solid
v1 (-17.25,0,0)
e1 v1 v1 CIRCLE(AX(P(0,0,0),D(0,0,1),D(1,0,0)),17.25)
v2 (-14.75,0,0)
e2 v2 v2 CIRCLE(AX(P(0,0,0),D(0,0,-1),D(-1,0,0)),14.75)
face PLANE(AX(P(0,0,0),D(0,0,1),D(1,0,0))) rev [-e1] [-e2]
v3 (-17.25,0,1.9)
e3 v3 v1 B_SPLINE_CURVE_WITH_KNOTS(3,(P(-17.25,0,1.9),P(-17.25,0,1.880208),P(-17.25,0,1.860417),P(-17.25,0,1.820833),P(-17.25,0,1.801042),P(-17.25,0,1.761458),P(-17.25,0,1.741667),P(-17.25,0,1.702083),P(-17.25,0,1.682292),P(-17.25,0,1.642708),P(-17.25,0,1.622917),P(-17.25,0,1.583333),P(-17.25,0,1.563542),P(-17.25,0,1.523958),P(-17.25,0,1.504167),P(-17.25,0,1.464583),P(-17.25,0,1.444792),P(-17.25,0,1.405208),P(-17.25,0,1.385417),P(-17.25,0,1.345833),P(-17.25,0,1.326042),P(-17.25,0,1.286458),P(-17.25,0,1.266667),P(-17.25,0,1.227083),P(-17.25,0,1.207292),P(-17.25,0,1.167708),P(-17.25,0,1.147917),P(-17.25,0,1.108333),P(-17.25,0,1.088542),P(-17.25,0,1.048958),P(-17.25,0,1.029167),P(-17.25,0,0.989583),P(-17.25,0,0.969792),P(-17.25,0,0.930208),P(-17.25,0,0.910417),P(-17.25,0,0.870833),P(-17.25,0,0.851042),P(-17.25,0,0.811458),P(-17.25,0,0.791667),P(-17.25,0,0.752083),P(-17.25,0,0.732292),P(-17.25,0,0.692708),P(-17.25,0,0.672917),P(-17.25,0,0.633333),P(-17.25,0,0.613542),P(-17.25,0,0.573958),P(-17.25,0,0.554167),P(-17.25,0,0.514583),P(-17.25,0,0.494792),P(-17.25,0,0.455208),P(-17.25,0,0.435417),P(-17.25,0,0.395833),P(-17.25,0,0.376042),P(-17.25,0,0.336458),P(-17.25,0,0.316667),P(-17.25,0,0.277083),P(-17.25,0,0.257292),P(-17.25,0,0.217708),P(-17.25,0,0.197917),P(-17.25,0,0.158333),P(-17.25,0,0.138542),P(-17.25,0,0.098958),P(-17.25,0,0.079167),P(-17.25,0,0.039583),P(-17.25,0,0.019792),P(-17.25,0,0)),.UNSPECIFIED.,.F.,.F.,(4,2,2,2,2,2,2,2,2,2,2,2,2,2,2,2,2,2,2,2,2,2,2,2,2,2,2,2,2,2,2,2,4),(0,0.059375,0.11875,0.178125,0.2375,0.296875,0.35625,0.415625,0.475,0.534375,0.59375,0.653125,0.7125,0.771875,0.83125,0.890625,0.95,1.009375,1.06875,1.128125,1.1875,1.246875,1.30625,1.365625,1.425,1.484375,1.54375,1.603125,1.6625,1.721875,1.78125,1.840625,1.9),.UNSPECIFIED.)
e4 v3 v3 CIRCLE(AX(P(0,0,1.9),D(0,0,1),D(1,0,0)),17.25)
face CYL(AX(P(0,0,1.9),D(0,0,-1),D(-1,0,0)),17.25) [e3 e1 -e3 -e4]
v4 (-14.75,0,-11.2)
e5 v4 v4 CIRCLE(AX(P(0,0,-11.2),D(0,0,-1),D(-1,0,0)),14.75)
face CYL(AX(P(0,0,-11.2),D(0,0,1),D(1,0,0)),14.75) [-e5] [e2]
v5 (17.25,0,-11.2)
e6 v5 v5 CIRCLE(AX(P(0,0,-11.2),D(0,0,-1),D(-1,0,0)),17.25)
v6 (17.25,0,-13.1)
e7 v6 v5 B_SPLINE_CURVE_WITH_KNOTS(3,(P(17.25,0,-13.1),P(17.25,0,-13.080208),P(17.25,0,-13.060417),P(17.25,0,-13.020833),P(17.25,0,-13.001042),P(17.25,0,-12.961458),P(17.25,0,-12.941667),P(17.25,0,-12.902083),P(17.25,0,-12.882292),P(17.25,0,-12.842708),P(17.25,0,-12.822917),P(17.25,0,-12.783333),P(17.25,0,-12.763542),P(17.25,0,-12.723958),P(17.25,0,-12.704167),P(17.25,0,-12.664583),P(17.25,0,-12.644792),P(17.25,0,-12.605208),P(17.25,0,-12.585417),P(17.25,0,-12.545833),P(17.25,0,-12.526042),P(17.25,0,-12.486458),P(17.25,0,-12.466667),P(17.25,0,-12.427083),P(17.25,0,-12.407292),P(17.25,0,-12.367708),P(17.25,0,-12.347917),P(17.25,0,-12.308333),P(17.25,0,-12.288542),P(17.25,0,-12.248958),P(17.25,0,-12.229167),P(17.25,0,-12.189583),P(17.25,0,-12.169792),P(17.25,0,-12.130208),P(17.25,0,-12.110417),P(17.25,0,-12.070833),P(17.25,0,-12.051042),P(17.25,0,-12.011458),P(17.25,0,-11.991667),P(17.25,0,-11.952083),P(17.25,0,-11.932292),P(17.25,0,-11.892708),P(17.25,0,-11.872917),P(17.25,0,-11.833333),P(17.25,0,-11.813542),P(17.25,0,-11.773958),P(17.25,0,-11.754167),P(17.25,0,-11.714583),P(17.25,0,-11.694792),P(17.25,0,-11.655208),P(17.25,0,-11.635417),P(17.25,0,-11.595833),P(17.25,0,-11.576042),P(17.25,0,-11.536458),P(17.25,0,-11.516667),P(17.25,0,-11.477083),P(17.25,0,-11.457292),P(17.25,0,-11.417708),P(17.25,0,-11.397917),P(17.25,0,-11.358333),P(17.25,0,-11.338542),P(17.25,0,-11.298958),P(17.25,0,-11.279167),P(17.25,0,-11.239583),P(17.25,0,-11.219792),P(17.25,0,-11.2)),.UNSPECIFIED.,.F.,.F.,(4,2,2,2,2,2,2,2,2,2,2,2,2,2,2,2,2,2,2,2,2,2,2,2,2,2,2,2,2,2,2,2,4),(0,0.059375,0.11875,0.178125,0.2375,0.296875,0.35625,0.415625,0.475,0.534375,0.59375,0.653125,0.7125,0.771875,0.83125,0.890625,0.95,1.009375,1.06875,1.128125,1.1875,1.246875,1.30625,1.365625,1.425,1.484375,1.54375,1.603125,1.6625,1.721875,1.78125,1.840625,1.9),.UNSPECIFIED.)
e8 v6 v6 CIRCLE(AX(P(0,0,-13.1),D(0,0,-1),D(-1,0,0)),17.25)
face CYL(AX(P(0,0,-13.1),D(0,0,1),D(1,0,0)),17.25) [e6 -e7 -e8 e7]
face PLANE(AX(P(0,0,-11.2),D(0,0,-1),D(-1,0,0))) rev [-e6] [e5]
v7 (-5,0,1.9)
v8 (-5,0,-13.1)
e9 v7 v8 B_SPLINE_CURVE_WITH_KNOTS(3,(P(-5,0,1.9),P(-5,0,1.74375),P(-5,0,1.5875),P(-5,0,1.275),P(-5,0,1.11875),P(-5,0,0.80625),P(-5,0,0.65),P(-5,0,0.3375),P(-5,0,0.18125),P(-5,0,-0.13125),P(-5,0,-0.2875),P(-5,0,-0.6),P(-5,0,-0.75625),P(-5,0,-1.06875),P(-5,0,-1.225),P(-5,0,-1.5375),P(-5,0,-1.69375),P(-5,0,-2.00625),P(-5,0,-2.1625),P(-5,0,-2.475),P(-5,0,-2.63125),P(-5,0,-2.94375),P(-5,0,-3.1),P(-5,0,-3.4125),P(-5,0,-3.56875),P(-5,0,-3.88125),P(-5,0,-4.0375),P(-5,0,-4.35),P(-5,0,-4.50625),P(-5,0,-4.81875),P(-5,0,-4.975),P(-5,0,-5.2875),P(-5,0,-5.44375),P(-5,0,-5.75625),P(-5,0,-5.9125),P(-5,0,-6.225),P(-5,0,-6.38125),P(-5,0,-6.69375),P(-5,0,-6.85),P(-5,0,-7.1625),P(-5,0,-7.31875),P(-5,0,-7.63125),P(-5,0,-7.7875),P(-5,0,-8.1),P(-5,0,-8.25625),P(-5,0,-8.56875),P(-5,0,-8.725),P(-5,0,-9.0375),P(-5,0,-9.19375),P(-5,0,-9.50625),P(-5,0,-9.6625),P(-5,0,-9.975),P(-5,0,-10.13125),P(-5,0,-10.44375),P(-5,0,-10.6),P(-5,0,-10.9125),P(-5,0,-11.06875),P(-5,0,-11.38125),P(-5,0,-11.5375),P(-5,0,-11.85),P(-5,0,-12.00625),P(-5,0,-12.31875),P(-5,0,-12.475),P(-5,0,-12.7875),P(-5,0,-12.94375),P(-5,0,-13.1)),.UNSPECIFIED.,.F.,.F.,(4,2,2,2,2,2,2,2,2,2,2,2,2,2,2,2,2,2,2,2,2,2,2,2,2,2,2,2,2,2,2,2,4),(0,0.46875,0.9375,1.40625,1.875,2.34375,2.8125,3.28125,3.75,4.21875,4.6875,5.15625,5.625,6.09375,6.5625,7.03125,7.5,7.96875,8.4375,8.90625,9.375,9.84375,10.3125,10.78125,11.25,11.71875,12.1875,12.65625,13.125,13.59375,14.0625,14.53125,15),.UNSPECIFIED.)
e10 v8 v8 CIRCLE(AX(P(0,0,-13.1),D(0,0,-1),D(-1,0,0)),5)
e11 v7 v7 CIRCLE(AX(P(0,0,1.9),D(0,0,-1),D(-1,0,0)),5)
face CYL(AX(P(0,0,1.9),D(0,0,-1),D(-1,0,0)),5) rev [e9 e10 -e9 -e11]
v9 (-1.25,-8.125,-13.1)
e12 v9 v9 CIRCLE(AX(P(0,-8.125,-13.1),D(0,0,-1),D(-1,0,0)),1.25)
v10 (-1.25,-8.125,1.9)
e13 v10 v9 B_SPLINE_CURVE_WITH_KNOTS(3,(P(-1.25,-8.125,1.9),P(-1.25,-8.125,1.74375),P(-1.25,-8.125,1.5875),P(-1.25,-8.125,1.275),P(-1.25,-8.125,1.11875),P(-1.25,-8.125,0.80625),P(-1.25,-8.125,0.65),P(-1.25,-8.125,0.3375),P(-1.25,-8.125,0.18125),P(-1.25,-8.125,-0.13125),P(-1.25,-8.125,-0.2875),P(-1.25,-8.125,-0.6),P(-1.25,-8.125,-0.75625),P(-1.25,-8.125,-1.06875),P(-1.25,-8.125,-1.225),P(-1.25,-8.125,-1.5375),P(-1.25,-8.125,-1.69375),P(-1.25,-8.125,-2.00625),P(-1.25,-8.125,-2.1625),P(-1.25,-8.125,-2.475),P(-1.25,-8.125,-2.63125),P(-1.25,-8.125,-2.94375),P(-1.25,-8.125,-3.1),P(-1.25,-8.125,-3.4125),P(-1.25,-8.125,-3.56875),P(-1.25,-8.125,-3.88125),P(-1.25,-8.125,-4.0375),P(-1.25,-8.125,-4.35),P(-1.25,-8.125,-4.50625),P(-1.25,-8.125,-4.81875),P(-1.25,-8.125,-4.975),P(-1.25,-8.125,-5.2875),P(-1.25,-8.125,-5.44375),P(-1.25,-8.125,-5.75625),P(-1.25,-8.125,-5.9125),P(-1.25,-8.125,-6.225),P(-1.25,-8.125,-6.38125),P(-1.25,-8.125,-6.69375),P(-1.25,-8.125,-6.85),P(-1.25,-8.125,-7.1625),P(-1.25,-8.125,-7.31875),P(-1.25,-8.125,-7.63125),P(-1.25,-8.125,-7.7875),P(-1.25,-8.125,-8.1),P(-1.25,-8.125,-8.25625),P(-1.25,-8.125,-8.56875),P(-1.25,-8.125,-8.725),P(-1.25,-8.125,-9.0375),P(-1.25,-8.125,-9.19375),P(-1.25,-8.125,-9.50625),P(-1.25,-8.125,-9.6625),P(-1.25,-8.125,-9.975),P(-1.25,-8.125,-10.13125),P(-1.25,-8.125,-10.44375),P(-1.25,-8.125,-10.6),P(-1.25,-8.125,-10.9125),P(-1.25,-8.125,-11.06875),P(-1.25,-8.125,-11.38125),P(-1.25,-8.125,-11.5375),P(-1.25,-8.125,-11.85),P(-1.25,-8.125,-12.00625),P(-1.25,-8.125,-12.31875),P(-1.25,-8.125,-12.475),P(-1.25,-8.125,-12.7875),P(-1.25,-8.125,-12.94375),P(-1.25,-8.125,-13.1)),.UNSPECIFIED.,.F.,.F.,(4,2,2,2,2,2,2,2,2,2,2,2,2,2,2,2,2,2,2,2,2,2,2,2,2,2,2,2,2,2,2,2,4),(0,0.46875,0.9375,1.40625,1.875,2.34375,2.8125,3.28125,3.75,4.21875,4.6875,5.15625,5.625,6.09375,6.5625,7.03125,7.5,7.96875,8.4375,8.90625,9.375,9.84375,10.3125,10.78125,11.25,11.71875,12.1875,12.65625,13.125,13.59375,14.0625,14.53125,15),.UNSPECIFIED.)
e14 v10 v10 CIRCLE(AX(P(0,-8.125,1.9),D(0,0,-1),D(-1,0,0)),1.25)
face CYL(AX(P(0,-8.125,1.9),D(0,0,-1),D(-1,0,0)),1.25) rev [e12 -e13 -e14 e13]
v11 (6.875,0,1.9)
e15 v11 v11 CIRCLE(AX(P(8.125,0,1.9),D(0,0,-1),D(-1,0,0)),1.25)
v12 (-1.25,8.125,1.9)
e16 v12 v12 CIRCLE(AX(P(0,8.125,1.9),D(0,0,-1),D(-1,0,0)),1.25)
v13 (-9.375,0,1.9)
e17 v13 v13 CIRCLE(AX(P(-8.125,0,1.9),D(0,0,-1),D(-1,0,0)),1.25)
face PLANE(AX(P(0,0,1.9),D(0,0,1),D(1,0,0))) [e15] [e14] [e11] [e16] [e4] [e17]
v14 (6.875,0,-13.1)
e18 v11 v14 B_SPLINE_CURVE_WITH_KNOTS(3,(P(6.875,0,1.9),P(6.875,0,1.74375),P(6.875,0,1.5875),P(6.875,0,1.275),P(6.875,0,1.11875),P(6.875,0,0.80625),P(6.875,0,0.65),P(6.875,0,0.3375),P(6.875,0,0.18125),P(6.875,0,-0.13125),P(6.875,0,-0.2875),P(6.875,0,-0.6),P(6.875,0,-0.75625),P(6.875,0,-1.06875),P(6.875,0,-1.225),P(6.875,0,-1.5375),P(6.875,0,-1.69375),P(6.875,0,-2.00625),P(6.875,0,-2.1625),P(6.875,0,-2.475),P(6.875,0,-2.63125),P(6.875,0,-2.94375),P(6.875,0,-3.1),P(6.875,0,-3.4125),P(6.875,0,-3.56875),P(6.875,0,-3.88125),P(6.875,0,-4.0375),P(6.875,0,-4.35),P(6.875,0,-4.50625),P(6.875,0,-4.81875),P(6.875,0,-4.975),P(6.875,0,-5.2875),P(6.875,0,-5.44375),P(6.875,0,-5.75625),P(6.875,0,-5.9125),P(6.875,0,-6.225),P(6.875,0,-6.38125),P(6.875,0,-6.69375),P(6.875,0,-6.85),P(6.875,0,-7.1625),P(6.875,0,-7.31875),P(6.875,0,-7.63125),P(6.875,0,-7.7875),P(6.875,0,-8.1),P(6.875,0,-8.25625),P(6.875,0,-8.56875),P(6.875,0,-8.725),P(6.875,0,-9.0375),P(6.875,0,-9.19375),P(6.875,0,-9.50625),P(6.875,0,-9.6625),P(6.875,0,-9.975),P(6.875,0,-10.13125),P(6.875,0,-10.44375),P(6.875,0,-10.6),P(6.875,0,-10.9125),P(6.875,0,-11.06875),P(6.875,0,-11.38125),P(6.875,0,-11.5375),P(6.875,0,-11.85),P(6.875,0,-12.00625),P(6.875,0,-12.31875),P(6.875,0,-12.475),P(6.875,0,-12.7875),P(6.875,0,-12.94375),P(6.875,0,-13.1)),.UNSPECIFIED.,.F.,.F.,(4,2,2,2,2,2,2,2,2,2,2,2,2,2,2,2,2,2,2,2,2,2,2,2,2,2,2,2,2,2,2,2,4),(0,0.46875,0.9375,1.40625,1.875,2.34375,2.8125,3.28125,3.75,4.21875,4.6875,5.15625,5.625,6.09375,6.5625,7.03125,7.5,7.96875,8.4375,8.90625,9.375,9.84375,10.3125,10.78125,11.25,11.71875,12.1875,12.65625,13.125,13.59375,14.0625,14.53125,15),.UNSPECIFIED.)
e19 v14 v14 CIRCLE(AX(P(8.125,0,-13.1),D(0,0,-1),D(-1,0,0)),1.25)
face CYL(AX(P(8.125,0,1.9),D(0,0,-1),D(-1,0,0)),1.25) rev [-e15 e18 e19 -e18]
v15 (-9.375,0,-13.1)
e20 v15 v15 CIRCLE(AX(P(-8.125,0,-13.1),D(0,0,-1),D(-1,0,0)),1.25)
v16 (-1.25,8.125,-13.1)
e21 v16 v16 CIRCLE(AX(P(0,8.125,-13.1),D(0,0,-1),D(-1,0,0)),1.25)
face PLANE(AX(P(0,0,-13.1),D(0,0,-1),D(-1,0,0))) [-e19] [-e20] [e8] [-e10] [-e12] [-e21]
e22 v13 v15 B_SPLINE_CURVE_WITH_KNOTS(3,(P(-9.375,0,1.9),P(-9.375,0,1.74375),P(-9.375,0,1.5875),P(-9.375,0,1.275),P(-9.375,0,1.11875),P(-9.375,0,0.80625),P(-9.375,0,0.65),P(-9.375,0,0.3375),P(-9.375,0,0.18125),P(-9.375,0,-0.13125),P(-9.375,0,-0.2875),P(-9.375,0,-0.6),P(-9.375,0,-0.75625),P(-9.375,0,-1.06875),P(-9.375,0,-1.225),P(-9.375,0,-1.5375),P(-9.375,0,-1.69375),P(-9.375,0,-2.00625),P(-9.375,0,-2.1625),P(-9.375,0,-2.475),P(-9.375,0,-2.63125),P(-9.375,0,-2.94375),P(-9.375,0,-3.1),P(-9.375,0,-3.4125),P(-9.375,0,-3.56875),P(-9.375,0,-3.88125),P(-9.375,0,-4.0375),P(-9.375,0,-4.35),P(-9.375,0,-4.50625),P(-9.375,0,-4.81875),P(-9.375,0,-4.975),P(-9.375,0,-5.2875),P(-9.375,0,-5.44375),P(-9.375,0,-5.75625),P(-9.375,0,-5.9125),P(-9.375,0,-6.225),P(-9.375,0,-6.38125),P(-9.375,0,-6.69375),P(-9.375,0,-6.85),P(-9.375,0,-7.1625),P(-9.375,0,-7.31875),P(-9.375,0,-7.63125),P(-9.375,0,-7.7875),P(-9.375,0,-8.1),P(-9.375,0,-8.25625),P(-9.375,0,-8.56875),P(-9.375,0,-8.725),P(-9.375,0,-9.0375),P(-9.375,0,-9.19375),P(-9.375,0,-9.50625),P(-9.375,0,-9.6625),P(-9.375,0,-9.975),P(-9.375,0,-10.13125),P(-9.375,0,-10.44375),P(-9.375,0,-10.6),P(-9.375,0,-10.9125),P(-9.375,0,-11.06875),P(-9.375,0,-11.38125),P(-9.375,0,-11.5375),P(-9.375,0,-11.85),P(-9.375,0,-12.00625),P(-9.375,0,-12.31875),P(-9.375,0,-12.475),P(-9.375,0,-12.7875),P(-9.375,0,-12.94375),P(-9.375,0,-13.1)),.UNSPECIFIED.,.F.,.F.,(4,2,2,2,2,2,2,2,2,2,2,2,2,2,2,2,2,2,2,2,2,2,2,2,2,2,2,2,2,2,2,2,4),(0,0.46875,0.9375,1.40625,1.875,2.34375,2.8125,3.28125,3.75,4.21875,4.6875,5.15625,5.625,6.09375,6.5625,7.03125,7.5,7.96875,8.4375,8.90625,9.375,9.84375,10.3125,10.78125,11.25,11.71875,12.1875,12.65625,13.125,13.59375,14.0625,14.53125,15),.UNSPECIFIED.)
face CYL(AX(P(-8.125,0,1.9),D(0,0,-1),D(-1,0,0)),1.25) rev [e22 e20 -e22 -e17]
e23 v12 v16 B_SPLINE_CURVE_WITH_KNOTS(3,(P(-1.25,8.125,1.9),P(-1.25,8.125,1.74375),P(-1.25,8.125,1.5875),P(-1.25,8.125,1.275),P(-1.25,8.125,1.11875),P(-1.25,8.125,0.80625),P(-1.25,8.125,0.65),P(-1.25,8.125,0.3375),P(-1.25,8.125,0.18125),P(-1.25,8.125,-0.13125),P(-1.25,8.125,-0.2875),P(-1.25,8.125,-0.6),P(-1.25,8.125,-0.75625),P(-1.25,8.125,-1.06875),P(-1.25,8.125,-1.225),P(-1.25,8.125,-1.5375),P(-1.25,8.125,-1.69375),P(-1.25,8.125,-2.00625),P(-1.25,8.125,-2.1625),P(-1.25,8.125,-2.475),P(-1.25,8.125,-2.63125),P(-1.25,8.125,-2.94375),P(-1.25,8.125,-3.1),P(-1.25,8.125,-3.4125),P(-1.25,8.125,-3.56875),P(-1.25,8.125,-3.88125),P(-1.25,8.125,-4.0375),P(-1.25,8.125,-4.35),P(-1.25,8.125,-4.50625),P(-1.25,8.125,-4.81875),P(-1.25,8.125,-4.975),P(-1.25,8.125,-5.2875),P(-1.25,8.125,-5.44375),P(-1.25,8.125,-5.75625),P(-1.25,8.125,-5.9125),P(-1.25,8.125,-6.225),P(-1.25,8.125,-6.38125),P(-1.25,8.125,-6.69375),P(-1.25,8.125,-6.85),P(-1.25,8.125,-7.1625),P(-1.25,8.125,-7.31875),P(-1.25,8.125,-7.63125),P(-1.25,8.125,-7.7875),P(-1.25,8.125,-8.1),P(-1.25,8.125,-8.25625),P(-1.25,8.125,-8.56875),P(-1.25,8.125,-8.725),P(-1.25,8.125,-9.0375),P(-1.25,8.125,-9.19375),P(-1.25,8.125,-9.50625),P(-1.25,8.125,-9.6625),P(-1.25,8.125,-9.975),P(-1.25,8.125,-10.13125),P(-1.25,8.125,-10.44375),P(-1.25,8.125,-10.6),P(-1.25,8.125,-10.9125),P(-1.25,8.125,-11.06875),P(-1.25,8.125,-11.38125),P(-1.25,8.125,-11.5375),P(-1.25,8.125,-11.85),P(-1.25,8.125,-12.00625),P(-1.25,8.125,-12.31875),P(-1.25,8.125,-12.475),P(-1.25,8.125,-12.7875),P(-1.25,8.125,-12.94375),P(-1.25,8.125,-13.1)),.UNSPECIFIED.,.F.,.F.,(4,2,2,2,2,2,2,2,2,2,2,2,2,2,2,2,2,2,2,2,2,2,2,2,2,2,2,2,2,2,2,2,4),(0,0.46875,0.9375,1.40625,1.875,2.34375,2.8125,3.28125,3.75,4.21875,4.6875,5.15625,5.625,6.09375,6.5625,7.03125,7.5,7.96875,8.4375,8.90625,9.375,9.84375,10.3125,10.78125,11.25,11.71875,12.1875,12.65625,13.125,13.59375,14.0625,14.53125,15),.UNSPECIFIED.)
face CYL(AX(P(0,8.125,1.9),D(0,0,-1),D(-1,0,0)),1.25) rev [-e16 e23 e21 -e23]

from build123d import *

# Parameters (mm, degrees)
SKETCH1_R           = 17.25
BOSS_EXTRUDE1_DEPTH = 1.9
SKETCH2_R           = 14.75
BOSS_EXTRUDE2_DEPTH = 11.2
BOSS_EXTRUDE3_START = 1.9
SKETCH3_R           = 17.25
BOSS_EXTRUDE3_DEPTH = 1.9
SKETCH4_R           = 5
CUT_EXTRUDE1_DEPTH  = 29.637824638
SKETCH5_R           = 1.25
CUT_EXTRUDE2_DEPTH  = 29.637824638


with BuildPart() as part:
    # Sketch1 → Boss-Extrude1 (new body)
    with BuildSketch(Plane.XY):
        with Locations(Location((0, 0, 0), (0, 0, 180))):
            Circle(SKETCH1_R)
    extrude(amount=BOSS_EXTRUDE1_DEPTH)

    # Sketch2 → Boss-Extrude2 (add)
    with BuildSketch(Plane(origin=(0, 0, 0), x_dir=(-1, 0, 0), z_dir=(0, 0, -1))):
        Circle(SKETCH2_R)
    extrude(amount=BOSS_EXTRUDE2_DEPTH)

    # Sketch3 → Boss-Extrude3 (add)
    with BuildSketch(Plane(origin=(0, 0, -11.2), x_dir=(-1, 0, 0), z_dir=(0, 0, -1)).offset(BOSS_EXTRUDE3_START)):
        Circle(SKETCH3_R)
    extrude(amount=-BOSS_EXTRUDE3_DEPTH)

    # Sketch4 → Cut-Extrude1 (cut, through all)
    with BuildSketch(Plane(origin=(0, 0, -13.1), x_dir=(-1, 0, 0), z_dir=(0, 0, -1))):
        Circle(SKETCH4_R)
    extrude(amount=-CUT_EXTRUDE1_DEPTH, mode=Mode.SUBTRACT)

    # Sketch5 → Cut-Extrude2 (cut, through all)
    with BuildSketch(Plane(origin=(0, 0, -13.1), x_dir=(-1, 0, 0), z_dir=(0, 0, -1))):
        with Locations((0, 8.125)):
            Circle(SKETCH5_R)
        with Locations((8.125, 0)):
            Circle(SKETCH5_R)
        with Locations((0, -8.125)):
            Circle(SKETCH5_R)
        with Locations((-8.125, 0)):
            Circle(SKETCH5_R)
    extrude(amount=-CUT_EXTRUDE2_DEPTH, mode=Mode.SUBTRACT)


solid = part.part
